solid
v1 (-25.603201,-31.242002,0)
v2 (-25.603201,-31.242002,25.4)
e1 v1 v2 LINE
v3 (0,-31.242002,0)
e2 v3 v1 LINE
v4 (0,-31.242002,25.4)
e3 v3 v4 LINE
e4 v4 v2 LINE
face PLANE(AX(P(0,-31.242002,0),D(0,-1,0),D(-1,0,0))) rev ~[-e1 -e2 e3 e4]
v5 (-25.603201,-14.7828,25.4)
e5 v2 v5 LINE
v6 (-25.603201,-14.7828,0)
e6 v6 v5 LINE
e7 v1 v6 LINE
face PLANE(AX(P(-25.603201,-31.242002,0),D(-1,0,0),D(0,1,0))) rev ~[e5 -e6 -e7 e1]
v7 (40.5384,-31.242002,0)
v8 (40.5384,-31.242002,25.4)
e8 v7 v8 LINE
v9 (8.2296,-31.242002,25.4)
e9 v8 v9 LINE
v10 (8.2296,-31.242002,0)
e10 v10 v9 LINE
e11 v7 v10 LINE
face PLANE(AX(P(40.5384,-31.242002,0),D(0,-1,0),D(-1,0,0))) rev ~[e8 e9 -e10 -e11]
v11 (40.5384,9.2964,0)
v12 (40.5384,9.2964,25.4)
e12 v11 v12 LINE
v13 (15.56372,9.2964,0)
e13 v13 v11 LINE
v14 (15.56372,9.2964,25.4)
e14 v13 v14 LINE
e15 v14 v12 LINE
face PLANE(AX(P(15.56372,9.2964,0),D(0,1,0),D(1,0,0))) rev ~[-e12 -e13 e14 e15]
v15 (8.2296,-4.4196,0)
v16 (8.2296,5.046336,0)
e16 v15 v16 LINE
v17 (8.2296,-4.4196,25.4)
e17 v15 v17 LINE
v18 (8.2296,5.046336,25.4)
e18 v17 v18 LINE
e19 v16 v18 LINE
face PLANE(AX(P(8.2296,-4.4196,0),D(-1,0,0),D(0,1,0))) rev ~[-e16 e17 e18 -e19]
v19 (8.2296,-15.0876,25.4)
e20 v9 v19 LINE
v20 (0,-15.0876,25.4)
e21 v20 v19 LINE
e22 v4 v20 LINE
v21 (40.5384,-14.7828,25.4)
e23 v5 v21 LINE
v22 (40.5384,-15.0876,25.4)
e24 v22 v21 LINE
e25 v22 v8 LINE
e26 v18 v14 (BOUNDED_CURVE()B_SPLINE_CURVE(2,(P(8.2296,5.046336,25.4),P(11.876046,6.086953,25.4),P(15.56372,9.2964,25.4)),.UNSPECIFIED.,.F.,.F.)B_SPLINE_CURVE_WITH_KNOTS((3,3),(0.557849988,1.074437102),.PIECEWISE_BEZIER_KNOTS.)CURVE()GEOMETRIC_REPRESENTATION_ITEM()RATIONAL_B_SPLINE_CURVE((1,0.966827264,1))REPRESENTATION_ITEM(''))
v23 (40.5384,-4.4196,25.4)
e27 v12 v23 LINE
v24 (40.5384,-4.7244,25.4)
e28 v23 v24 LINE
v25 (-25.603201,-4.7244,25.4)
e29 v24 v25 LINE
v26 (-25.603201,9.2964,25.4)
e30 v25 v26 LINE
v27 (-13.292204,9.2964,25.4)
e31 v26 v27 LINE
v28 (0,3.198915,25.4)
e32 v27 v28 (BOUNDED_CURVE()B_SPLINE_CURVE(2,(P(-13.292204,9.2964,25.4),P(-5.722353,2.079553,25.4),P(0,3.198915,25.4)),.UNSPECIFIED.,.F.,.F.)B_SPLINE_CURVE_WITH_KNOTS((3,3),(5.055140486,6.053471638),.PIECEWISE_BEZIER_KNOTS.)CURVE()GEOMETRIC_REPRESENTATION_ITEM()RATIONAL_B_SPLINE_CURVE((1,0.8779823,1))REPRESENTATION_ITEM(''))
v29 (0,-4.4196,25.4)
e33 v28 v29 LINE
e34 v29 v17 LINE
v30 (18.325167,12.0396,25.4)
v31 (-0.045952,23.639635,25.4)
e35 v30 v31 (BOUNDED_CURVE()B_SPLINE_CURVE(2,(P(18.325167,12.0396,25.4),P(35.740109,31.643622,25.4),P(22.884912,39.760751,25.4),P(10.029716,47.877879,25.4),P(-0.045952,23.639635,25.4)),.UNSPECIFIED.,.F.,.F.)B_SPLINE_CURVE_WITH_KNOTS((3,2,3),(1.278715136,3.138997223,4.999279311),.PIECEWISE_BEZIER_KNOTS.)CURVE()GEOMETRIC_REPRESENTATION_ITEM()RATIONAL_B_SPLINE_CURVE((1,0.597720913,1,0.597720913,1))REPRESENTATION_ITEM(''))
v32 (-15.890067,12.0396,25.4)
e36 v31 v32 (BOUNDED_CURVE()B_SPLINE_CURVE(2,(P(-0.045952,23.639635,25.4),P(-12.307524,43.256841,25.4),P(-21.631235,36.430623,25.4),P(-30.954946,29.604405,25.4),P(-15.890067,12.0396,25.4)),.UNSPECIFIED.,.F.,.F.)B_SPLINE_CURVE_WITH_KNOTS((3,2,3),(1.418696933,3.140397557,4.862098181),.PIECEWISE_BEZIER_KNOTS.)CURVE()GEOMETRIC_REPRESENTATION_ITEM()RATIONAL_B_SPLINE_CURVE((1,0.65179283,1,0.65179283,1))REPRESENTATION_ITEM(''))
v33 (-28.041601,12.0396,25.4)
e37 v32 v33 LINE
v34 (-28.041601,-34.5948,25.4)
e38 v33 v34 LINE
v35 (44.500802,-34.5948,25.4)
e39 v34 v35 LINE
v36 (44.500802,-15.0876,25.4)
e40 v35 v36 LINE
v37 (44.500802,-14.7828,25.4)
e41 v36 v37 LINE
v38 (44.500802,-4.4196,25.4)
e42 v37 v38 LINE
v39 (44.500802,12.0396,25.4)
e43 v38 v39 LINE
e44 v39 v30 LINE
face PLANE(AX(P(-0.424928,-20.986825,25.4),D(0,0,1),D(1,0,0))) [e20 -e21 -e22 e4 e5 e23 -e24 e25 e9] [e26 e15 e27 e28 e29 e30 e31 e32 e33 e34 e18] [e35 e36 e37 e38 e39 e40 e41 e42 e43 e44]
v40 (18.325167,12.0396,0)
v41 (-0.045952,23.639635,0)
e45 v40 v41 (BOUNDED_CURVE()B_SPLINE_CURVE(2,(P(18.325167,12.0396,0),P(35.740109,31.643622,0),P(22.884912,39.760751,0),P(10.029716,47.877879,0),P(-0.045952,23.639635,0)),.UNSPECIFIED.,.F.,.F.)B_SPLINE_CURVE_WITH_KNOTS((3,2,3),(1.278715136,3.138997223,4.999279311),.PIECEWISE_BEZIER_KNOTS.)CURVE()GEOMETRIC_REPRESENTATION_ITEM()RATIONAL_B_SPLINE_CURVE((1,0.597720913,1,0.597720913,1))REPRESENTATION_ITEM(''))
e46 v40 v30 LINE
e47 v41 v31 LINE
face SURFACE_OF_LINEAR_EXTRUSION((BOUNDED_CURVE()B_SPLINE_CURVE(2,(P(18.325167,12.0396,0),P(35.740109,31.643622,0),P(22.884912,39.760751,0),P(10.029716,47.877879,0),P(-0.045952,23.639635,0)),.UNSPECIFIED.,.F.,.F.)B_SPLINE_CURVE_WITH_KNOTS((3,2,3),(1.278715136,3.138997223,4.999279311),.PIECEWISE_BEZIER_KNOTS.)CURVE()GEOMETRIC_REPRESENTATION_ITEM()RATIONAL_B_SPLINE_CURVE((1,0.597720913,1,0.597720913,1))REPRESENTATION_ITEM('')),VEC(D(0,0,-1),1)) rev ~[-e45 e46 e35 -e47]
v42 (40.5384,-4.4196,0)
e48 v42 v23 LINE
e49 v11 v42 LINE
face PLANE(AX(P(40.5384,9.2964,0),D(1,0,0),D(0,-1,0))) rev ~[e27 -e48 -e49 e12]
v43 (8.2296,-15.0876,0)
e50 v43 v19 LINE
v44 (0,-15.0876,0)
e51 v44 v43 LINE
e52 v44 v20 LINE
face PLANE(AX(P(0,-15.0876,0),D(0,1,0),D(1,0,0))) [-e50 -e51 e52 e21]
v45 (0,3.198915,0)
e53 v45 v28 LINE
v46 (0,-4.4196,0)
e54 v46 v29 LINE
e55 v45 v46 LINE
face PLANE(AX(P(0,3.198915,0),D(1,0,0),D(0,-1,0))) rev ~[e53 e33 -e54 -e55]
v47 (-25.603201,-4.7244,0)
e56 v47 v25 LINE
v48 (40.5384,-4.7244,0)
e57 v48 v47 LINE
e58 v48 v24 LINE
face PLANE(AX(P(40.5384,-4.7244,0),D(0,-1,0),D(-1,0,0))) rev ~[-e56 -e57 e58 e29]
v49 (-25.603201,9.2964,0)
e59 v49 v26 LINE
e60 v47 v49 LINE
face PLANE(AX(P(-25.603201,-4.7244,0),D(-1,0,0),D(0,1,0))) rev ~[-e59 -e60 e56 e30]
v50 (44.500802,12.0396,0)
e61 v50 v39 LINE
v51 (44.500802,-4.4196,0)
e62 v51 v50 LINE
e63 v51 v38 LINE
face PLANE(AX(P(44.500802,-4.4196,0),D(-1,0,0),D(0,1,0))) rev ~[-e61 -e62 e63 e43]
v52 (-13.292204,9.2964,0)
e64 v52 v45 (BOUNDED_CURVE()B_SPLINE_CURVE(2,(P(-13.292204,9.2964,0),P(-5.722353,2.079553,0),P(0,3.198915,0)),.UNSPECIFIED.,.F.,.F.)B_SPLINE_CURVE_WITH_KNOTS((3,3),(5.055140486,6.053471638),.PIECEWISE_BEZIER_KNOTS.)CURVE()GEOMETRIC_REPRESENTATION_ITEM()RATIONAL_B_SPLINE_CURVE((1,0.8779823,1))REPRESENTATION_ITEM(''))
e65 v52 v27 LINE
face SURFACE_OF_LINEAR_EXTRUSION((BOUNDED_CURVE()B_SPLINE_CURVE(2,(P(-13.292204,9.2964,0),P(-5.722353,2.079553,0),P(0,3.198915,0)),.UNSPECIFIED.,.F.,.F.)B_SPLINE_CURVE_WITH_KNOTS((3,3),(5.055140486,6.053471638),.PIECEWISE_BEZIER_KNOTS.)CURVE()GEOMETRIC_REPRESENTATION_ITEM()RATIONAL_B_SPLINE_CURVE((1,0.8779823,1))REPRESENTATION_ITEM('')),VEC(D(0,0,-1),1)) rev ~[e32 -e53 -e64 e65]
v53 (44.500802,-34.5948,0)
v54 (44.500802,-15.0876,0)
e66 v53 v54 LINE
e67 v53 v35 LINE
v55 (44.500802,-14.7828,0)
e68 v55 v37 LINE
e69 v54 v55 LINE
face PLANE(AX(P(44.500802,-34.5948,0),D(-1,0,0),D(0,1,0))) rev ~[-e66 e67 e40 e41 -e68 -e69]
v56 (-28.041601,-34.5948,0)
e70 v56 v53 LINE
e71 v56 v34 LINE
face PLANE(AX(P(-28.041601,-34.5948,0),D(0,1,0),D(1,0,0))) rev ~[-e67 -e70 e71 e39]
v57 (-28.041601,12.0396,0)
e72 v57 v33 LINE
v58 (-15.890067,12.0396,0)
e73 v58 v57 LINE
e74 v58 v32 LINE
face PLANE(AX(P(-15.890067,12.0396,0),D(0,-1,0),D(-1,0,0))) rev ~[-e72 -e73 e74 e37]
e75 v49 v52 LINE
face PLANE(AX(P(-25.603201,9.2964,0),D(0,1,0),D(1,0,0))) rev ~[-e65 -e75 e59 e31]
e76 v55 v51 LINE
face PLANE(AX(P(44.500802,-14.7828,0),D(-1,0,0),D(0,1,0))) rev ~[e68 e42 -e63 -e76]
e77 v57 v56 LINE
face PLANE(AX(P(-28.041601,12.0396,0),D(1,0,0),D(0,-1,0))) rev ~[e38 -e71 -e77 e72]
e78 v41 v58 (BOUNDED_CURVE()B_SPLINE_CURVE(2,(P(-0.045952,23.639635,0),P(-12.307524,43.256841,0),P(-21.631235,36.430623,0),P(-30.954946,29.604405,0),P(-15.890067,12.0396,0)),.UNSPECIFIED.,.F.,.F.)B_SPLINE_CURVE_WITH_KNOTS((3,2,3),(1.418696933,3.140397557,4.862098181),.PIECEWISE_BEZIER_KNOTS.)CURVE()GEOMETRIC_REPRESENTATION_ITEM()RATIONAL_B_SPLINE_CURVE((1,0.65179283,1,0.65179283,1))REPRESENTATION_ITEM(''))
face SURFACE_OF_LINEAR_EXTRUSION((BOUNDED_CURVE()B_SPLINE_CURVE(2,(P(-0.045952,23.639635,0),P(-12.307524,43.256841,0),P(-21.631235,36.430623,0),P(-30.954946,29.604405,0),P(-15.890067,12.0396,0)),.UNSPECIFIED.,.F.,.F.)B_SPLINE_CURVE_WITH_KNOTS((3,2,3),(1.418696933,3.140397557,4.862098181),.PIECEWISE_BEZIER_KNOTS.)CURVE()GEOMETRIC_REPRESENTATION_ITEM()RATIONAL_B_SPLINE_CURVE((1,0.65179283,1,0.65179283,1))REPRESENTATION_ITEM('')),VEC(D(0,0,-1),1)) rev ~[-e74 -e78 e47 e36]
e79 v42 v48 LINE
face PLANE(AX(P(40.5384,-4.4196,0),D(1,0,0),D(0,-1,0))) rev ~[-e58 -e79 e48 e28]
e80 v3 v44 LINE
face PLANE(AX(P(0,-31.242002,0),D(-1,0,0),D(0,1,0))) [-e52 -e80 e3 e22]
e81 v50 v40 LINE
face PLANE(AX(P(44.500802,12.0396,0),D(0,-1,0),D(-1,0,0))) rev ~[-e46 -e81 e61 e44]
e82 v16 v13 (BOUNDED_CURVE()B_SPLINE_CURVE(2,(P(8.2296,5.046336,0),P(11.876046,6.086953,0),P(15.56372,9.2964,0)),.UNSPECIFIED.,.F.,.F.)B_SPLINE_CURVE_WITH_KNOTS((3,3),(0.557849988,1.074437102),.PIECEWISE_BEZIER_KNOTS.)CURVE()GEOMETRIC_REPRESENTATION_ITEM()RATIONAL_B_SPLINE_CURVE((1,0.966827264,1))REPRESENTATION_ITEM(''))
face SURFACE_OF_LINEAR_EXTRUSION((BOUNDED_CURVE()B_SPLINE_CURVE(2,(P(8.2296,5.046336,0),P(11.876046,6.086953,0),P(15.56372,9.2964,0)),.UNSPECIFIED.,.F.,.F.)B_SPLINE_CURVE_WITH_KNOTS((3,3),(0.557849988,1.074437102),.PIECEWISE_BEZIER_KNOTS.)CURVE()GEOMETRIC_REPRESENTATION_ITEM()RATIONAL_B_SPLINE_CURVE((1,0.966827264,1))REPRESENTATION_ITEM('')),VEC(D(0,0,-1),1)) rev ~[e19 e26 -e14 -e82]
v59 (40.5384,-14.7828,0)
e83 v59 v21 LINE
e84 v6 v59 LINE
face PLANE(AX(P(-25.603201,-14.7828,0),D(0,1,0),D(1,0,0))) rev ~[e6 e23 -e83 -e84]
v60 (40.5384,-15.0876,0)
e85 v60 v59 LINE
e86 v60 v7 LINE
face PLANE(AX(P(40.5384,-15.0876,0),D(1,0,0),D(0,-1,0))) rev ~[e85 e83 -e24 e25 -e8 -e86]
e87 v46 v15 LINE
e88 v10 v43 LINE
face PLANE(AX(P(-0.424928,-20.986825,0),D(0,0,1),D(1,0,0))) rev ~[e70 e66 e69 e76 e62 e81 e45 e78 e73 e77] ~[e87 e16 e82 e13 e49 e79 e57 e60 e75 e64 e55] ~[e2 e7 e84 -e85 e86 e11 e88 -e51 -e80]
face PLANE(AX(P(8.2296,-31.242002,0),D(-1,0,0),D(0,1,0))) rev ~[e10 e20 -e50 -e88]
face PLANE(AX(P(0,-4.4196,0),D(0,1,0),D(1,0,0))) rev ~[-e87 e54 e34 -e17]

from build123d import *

# Parameters (mm, degrees)
F0_W     = 3.9624013007
F0_H     = 0.3047999926
F0_H_2   = 10.0584002212
F0_H_3   = 0.3047995269
F0_W_2   = 25.6032012403
F0_W_3   = 8.2296002656
F0_W_4   = 32.308800146
F0_H_4   = 16.1544019356
F1_DEPTH = 25.4


with BuildPart() as f1:
    # F0 (on Top) → F1 (new body)
    with BuildSketch(Plane.XY):
        with BuildLine():
            Line((-15.8900667789, 12.0395999402), (-28.041601181, 12.0395999402))
            Line((-28.041601181, 12.0395999402), (-28.041601181, -4.4196001254))
            Line((-28.041601181, -4.4196001254), (-28.041601181, -4.724400118))
            Line((-28.041601181, -4.724400118), (-28.041601181, -34.5948003232))
            Line((-28.041601181, -34.5948003232), (44.5008017123, -34.5948003232))
            Line((44.5008017123, -34.5948003232), (44.5008017123, -15.0875998661))
            Line((44.5008017123, -15.0875998661), (40.5384004116, -15.0875998661))
            Line((40.5384004116, -15.0875998661), (40.5384004116, -31.2420018017))
            Line((40.5384004116, -31.2420018017), (8.2296002656, -31.2420018017))
            Line((8.2296002656, -31.2420018017), (0, -31.2420018017))
            Line((0, -31.2420018017), (-25.6032012403, -31.2420018017))
            Line((-25.6032012403, -31.2420018017), (-25.6032012403, -15.0875998661))
            Line((-25.6032012403, -15.0875998661), (-25.6032012403, -14.7828003392))
            Line((-25.6032012403, -14.7828003392), (-25.6032012403, -4.724400118))
            Line((-25.6032012403, -4.724400118), (-25.6032012403, -4.4196001254))
            Line((-25.6032012403, -4.4196001254), (-25.6032012403, 9.2964004725))
            Line((-25.6032012403, 9.2964004725), (-13.2922040161, 9.2964004725))
            add(Edge.make_bspline(
                [(-15.8900667789, 12.0395999402), (-14.6364848786, 10.577993733), (-13.2922040161, 9.2964004725)],
                knots=[4.8620981812, 4.8620981812, 4.8620981812, 5.0551404857, 5.0551404857, 5.0551404857], degree=2, weights=[1, 0.9953454489, 1]))
        make_face()
        with BuildLine():
            add(Edge.make_bspline(
                [(-0.0459524764, 23.6396354942), (-12.3075236755, 43.2568413675), (-21.6312349961, 36.4306230791), (-30.9549463168, 29.6044047908), (-15.8900667789, 12.0395999402)],
                knots=[1.4186969328, 1.4186969328, 1.4186969328, 3.140397557, 3.140397557, 4.8620981812, 4.8620981812, 4.8620981812], degree=2, weights=[1, 0.6517928297, 1, 0.6517928297, 1]))
            Line((-15.8900667789, 12.0395999402), (18.3251665875, 12.0395999402))
            add(Edge.make_bspline(
                [(18.3251665875, 12.0395999402), (35.7401088205, 31.6436219481), (22.8849123581, 39.7607505508), (10.0297158956, 47.8778791536), (-0.0459524764, 23.6396354942)],
                knots=[1.2787151362, 1.2787151362, 1.2787151362, 3.1389972234, 3.1389972234, 4.9992793106, 4.9992793106, 4.9992793106], degree=2, weights=[1, 0.597720913, 1, 0.597720913, 1]))
        make_face()
        with BuildLine():
            Line((18.3251665875, 12.0395999402), (-15.8900667789, 12.0395999402))
            add(Edge.make_bspline(
                [(-15.8900667789, 12.0395999402), (-14.6364848786, 10.577993733), (-13.2922040161, 9.2964004725)],
                knots=[4.8620981812, 4.8620981812, 4.8620981812, 5.0551404857, 5.0551404857, 5.0551404857], degree=2, weights=[1, 0.9953454489, 1]))
            Line((-13.2922040161, 9.2964004725), (0, 9.2964004725))
            Line((0, 9.2964004725), (8.2296002656, 9.2964004725))
            Line((8.2296002656, 9.2964004725), (15.5637197095, 9.2964004725))
            add(Edge.make_bspline(
                [(15.5637197095, 9.2964004725), (16.9943693083, 10.5415197973), (18.3251665875, 12.0395999402)],
                knots=[1.0744371021, 1.0744371021, 1.0744371021, 1.2787151362, 1.2787151362, 1.2787151362], degree=2, weights=[1, 0.9947883438, 1]))
        make_face()
        with BuildLine():
            Line((44.5008017123, 12.0395999402), (18.3251665875, 12.0395999402))
            add(Edge.make_bspline(
                [(15.5637197095, 9.2964004725), (16.9943693083, 10.5415197973), (18.3251665875, 12.0395999402)],
                knots=[1.0744371021, 1.0744371021, 1.0744371021, 1.2787151362, 1.2787151362, 1.2787151362], degree=2, weights=[1, 0.9947883438, 1]))
            Line((15.5637197095, 9.2964004725), (40.5384004116, 9.2964004725))
            Line((40.5384004116, 9.2964004725), (40.5384004116, -4.4196001254))
            Line((40.5384004116, -4.4196001254), (44.5008017123, -4.4196001254))
            Line((44.5008017123, -4.4196001254), (44.5008017123, 12.0395999402))
        make_face()
        with Locations((42.5196010619, -4.5720001217)):
            Rectangle(F0_W, F0_H)
        with Locations((42.5196010619, -9.7536002286)):
            Rectangle(F0_W, F0_H_2)
        with Locations((42.5196010619, -14.9352001026)):
            Rectangle(F0_W, F0_H_3)
        with Locations((-12.8016006202, -9.7536002286)):
            Rectangle(F0_W_2, F0_H_2)
        with Locations((4.1148001328, -9.7536002286)):
            Rectangle(F0_W_3, F0_H_2)
        with BuildLine():
            add(Edge.make_bspline(
                [(0, 3.1989152126), (1.8653131229, 3.5637931111), (3.0191065103, 4.951677723)],
                knots=[6.0534716383, 6.0534716383, 6.0534716383, 6.4052485225, 6.4052485225, 6.4052485225], degree=2, weights=[1, 0.9845714653, 1]))
            Line((0, 3.1989152126), (0, -4.4196001254))
            Line((0, -4.4196001254), (8.2296002656, -4.4196001254))
            Line((8.2296002656, -4.4196001254), (8.2296002656, 5.0463356319))
            add(Edge.make_bspline(
                [(3.0191065103, 4.951677723), (5.3356081965, 4.2204520834), (8.2296002656, 5.0463356319)],
                knots=[0.1444827752, 0.1444827752, 0.1444827752, 0.5578499882, 0.5578499882, 0.5578499882], degree=2, weights=[1, 0.9787168701, 1]))
        make_face()
        with BuildLine():
            Line((8.2296002656, 9.2964004725), (0, 9.2964004725))
            Line((0, 9.2964004725), (0, 3.1989152126))
            add(Edge.make_bspline(
                [(0, 3.1989152126), (1.8653131229, 3.5637931111), (3.0191065103, 4.951677723)],
                knots=[6.0534716383, 6.0534716383, 6.0534716383, 6.4052485225, 6.4052485225, 6.4052485225], degree=2, weights=[1, 0.9845714653, 1]))
            add(Edge.make_bspline(
                [(3.0191065103, 4.951677723), (5.3356081965, 4.2204520834), (8.2296002656, 5.0463356319)],
                knots=[0.1444827752, 0.1444827752, 0.1444827752, 0.5578499882, 0.5578499882, 0.5578499882], degree=2, weights=[1, 0.9787168701, 1]))
            Line((8.2296002656, 5.0463356319), (8.2296002656, 9.2964004725))
        make_face()
        with Locations((24.3840003386, -9.7536002286)):
            Rectangle(F0_W_4, F0_H_2)
        with Locations((4.1148001328, -23.1648008339)):
            Rectangle(F0_W_3, F0_H_4)
        with BuildLine():
            Line((0, 9.2964004725), (-13.2922040161, 9.2964004725))
            add(Edge.make_bspline(
                [(-13.2922040161, 9.2964004725), (-5.7223534788, 2.0795533819), (0, 3.1989152126)],
                knots=[5.0551404857, 5.0551404857, 5.0551404857, 6.0534716383, 6.0534716383, 6.0534716383], degree=2, weights=[1, 0.8779823004, 1]))
            Line((0, 3.1989152126), (0, 9.2964004725))
        make_face()
        with BuildLine():
            add(Edge.make_bspline(
                [(8.2296002656, 5.0463356319), (11.8760455455, 6.0869532617), (15.5637197095, 9.2964004725)],
                knots=[0.5578499882, 0.5578499882, 0.5578499882, 1.0744371021, 1.0744371021, 1.0744371021], degree=2, weights=[1, 0.9668272642, 1]))
            Line((15.5637197095, 9.2964004725), (8.2296002656, 9.2964004725))
            Line((8.2296002656, 9.2964004725), (8.2296002656, 5.0463356319))
        make_face()
    extrude(amount=F1_DEPTH)


solid = f1.part
